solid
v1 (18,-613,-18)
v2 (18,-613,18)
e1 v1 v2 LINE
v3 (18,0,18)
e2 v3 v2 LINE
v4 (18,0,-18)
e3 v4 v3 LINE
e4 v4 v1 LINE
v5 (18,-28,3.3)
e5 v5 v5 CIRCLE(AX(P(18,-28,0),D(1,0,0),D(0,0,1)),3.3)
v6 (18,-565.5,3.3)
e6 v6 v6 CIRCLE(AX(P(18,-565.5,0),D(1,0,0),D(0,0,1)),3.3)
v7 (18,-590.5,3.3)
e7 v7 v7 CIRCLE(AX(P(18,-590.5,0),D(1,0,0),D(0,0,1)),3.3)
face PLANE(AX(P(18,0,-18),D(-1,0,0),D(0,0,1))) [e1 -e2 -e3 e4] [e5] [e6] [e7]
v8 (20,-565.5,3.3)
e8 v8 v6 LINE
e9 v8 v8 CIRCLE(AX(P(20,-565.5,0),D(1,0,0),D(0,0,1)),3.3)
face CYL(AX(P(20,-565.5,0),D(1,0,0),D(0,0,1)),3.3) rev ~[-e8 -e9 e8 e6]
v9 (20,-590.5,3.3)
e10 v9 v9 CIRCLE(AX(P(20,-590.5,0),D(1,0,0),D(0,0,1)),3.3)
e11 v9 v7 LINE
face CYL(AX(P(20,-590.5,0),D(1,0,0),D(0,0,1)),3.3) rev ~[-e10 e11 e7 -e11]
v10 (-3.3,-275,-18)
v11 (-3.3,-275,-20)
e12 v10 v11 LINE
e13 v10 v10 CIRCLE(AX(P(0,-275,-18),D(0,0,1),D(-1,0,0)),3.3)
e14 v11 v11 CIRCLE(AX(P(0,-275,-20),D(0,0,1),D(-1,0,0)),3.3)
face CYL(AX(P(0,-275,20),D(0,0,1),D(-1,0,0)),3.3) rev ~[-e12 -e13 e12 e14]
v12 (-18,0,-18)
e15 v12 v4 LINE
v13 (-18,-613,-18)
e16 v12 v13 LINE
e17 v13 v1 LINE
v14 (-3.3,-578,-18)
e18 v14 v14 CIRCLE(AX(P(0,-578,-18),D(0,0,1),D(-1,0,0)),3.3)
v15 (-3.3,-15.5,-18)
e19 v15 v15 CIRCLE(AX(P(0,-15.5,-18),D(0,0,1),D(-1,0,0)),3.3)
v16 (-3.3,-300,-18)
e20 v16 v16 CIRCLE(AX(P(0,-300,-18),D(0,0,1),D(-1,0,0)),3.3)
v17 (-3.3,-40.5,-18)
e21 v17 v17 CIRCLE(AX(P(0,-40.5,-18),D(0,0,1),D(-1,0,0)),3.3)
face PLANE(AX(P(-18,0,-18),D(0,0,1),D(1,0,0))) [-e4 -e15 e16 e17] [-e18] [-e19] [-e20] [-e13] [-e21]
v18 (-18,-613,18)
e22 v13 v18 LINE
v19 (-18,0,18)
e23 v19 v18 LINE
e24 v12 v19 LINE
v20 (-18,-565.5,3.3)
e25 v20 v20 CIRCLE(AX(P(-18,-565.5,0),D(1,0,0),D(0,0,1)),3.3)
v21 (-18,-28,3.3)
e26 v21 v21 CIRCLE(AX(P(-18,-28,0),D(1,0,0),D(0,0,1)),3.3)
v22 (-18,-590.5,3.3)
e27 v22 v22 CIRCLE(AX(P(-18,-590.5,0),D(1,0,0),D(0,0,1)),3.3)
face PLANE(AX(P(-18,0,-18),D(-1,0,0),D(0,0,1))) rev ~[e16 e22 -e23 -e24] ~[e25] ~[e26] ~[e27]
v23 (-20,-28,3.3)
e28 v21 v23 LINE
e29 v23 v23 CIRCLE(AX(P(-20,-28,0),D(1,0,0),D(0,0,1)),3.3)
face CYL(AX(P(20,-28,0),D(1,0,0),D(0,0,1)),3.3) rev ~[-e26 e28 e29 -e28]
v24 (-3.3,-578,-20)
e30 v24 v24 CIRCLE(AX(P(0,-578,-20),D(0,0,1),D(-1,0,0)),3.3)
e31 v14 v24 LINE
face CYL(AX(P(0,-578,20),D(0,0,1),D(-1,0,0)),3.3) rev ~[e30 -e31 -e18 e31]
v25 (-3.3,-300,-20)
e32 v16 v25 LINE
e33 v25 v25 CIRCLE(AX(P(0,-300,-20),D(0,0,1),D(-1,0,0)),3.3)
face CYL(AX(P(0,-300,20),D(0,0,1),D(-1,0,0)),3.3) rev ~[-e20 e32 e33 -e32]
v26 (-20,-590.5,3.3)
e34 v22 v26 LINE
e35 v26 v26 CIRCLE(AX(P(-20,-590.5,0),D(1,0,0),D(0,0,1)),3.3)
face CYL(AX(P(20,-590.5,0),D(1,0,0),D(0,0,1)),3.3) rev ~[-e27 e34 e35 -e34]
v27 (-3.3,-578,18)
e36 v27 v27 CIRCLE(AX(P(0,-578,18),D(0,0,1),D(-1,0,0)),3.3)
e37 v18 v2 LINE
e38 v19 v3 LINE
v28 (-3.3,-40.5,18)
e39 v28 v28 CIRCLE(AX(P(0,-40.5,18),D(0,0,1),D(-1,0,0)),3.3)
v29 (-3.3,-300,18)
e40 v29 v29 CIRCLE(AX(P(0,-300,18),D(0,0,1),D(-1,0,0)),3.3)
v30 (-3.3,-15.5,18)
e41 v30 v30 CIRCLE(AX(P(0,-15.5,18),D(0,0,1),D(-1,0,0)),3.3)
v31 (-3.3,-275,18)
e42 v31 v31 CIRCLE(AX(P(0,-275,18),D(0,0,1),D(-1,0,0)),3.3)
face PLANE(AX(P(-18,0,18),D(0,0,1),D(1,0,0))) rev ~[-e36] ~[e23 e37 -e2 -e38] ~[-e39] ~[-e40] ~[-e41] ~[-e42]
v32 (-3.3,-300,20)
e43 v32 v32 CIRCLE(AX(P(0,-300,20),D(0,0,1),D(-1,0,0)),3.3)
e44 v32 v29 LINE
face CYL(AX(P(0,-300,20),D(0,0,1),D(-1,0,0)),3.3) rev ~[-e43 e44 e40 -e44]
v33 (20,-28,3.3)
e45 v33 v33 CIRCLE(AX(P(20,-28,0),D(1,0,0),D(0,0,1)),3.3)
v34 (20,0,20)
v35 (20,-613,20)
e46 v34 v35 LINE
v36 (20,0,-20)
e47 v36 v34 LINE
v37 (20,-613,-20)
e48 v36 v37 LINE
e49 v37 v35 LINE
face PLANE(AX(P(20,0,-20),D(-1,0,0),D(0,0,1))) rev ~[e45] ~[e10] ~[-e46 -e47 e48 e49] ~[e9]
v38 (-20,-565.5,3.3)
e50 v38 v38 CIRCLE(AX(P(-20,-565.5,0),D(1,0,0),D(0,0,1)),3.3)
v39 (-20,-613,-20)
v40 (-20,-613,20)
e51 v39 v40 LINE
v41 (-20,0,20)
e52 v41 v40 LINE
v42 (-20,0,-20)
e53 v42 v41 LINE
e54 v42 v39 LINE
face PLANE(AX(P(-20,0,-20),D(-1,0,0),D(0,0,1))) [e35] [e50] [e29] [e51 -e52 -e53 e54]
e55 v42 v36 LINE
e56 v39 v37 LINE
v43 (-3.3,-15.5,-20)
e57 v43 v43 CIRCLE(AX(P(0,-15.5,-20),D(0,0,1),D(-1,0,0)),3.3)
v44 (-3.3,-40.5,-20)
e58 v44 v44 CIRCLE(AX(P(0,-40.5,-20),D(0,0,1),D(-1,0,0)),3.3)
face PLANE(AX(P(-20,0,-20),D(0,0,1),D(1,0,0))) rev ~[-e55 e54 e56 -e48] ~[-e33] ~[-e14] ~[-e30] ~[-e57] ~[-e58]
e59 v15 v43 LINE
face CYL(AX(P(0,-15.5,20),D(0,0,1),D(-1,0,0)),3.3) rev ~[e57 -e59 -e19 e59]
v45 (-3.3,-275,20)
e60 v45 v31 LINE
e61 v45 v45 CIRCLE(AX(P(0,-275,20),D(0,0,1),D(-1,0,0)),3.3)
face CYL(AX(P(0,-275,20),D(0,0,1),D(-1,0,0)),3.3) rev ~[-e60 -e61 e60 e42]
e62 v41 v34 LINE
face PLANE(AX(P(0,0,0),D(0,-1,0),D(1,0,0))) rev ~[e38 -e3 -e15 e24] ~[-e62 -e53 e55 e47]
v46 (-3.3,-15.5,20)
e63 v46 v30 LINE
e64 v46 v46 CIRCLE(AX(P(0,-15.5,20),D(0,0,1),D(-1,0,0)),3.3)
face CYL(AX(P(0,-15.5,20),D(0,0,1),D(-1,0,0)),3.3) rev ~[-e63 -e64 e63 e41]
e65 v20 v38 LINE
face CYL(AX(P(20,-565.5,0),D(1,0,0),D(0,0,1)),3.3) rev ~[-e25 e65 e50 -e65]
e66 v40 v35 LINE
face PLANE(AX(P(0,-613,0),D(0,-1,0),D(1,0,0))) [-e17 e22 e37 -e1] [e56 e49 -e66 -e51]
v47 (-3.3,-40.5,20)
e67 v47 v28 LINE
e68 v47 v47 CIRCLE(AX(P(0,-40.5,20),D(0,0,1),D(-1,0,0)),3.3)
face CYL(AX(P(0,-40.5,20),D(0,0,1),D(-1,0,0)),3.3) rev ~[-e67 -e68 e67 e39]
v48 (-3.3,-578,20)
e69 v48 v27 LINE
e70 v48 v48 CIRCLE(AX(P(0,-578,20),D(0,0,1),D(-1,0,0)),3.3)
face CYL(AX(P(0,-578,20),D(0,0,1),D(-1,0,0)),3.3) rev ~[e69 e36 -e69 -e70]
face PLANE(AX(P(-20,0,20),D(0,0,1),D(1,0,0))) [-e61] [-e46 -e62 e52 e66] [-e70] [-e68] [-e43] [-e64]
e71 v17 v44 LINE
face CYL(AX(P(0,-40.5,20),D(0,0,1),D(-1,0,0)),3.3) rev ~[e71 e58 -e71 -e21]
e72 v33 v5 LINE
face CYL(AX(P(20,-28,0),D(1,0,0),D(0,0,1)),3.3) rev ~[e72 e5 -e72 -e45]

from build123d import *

# Parameters (mm, degrees)
SKETCH_W      = 40
SKETCH_H      = 40
SKETCH_W_2    = 36
SKETCH_H_2    = 36
PAD_DEPTH     = 613
SKETCH001_R   = 3.3
HOLE_DEPTH    = 40.001
SKETCH002_R   = 3.3
HOLE001_DEPTH = 40.001


with BuildPart() as part:
    # Sketch → Pad (new body)
    with BuildSketch(Plane.XZ):
        Rectangle(SKETCH_W, SKETCH_H)
        Rectangle(SKETCH_W_2, SKETCH_H_2, mode=Mode.SUBTRACT)
    extrude(amount=PAD_DEPTH)

    # Sketch001 → Hole (cut, through all)
    with BuildSketch(Plane(origin=(20, 0, 0), x_dir=(0, 0, 1), z_dir=(1, 0, 0))):
        with Locations((0, 28)):
            Circle(SKETCH001_R)
        with Locations((0, 565.5)):
            Circle(SKETCH001_R)
        with Locations((0, 590.5)):
            Circle(SKETCH001_R)
    extrude(amount=-HOLE_DEPTH, mode=Mode.SUBTRACT)

    # Sketch002 → Hole001 (cut, through all)
    with BuildSketch(Plane(origin=(0, 0, 20), x_dir=(-1, 0, 0), z_dir=(0, 0, 1))):
        with Locations((0, 15.5)):
            Circle(SKETCH002_R)
        with Locations((0, 300)):
            Circle(SKETCH002_R)
        with Locations((0, 275)):
            Circle(SKETCH002_R)
        with Locations((0, 578)):
            Circle(SKETCH002_R)
        with Locations((0, 40.5)):
            Circle(SKETCH002_R)
    extrude(amount=-HOLE001_DEPTH, mode=Mode.SUBTRACT)


solid = part.part
